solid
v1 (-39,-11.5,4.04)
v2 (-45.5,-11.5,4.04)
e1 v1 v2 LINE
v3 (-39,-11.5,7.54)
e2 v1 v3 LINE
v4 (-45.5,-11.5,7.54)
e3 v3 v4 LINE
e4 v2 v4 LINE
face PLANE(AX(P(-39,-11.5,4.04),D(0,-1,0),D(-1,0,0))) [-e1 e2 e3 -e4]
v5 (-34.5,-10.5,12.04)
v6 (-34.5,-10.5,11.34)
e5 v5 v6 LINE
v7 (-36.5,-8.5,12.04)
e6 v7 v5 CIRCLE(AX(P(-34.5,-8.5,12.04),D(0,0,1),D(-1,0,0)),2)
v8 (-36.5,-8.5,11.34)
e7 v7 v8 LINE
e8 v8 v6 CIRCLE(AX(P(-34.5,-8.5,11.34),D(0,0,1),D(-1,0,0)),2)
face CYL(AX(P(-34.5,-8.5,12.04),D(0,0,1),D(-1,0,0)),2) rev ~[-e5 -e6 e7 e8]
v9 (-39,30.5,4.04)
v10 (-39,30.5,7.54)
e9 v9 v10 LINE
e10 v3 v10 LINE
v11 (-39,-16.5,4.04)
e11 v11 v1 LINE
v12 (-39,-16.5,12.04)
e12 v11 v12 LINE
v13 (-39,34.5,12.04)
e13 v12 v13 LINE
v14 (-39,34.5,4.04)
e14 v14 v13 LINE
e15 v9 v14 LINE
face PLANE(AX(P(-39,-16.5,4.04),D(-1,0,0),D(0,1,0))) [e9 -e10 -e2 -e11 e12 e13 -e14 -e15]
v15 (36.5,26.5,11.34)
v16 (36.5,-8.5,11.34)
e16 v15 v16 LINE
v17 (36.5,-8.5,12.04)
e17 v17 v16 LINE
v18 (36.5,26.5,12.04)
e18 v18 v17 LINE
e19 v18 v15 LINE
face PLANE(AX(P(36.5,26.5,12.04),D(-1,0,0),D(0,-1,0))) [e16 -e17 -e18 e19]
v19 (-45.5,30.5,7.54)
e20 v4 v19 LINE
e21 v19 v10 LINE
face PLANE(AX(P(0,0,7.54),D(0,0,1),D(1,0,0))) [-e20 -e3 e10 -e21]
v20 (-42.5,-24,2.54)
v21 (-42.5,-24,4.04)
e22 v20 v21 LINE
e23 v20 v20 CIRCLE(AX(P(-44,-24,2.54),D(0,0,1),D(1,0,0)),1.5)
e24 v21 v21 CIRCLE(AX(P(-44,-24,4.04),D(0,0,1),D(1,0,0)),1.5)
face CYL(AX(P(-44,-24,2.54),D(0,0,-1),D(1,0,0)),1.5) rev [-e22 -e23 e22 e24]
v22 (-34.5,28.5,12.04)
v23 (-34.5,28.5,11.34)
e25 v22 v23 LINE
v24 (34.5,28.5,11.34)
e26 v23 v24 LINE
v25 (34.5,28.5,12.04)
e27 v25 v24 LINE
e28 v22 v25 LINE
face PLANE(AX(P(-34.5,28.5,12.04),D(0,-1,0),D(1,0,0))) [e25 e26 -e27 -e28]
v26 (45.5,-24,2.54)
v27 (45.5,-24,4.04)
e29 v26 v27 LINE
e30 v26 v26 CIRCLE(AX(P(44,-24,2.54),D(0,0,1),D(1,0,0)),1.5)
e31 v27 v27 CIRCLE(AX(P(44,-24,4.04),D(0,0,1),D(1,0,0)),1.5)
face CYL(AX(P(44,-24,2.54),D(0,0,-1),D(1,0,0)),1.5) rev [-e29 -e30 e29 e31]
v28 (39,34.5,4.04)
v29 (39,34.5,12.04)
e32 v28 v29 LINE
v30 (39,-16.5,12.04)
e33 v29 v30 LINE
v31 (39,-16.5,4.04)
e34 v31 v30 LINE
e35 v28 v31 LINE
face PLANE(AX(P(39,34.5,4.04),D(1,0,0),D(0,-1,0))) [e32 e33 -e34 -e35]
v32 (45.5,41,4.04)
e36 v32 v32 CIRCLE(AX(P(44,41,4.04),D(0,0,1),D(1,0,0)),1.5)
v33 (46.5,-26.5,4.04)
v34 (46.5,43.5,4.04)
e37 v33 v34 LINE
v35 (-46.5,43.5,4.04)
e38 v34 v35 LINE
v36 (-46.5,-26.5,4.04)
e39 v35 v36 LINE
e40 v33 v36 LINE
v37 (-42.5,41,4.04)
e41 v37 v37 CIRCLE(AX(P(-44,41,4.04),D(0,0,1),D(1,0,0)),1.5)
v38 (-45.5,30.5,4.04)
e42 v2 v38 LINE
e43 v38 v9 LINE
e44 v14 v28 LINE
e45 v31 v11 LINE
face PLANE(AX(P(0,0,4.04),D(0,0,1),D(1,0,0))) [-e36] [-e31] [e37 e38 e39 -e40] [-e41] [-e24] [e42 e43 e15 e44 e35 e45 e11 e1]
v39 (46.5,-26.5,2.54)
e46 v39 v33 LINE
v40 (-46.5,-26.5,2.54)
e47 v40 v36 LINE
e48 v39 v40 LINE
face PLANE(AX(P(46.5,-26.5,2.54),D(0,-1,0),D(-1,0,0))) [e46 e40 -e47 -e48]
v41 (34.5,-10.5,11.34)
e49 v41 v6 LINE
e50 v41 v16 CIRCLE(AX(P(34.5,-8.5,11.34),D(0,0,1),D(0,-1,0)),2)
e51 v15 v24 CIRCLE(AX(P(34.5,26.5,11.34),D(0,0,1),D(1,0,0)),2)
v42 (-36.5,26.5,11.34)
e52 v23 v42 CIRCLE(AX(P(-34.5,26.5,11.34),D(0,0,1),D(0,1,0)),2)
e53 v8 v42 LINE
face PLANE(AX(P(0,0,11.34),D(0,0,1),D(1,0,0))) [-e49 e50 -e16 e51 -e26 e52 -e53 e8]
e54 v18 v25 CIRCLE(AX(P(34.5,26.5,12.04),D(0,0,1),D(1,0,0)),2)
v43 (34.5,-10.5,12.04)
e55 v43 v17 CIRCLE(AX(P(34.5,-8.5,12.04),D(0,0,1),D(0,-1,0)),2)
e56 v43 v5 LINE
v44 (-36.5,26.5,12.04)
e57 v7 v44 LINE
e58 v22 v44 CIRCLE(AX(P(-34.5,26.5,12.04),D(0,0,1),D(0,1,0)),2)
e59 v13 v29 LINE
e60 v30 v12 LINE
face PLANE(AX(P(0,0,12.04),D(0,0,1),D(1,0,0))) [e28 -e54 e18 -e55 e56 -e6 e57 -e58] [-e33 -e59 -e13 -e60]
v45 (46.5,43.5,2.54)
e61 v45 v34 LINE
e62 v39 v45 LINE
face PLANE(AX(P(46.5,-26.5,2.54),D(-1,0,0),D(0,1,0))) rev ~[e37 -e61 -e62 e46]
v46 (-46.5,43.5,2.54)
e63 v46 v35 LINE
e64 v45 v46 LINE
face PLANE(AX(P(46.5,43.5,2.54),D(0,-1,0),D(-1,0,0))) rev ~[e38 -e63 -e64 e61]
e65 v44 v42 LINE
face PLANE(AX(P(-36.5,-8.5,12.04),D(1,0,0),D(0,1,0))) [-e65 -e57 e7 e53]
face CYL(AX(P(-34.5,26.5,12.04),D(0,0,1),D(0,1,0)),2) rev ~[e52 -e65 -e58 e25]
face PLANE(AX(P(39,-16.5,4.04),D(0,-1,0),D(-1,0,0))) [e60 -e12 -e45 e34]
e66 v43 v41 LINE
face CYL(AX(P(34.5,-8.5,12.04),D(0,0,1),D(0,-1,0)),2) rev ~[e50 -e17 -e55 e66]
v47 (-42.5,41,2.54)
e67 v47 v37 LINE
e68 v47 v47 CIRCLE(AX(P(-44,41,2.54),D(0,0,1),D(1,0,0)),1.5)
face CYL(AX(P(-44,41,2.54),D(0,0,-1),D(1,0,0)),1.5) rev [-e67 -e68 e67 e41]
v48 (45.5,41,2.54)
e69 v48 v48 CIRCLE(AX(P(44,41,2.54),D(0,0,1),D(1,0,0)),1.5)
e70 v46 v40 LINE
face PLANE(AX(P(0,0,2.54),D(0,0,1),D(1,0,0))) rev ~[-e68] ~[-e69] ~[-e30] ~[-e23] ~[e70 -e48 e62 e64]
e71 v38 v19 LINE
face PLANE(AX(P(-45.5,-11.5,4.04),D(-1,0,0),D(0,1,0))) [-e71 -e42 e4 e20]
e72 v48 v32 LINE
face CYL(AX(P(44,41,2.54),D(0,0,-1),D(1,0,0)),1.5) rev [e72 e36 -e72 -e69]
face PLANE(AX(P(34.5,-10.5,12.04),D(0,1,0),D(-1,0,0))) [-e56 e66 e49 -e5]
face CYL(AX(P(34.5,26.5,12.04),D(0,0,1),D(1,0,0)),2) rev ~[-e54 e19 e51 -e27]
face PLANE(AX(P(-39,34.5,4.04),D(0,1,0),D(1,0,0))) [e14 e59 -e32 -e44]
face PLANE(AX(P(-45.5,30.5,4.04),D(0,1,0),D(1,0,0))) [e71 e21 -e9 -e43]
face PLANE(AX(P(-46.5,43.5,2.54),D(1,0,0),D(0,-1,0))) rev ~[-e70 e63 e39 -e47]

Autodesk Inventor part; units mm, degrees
ref_plane "YZ Plane" through (0, 0, 0) normal (1, 0, 0) x (0, 1, 0)
ref_plane "XZ Plane" through (0, 0, 0) normal (0, 1, 0) x (-1, 0, 0)
ref_plane "Work Plane1" through (0, 0, 2.54) normal (0, 0, 1) x (1, 0, 0)
sketch "Sketch2" plane through (0, 0, 2.54) normal (0, 0, 1) x (1, 0, 0)
  line L0 (6.5, -32.5) -> (6.5, -38.5) projected
  line L1 (6.5, -38.5) -> (0.5, -38.5) projected
  line L2 (0.5, -38.5) -> (0.5, -32.5) projected
  line L3 (0.5, -32.5) -> (6.5, -32.5) projected
  circle A0 centre (19.75, -34.75) radius 5.75 projected
  line L4 (43.5, -29) -> (43.5, -41.5) projected
  line L5 (43.5, -41.5) -> (30, -41.5) projected
  line L6 (30, -41.5) -> (30, -29) projected
  line L7 (30, -29) -> (43.5, -29) projected
  circle A1 centre (44, 41) radius 1.5 projected
  circle A2 centre (-44, 41) radius 1.5 projected
  line L8 (46.5, 43.5) -> (-46.5, 43.5) projected
  line L9 (-46.5, 43.5) -> (-46.5, -43.5) projected
  line L10 (-46.5, -43.5) -> (46.5, -43.5) projected
  line L11 (46.5, -43.5) -> (46.5, 43.5) projected
  line L12 (-46.5, 43.5) -> (46.5, 43.5)
  line L13 (46.5, 43.5) -> (46.5, -26.5)
  line L14 (46.5, -26.5) -> (-46.5, -26.5)
  line L15 (-46.5, -26.5) -> (-46.5, 43.5)
  circle A3 centre (-44, 41) radius 1.5
  circle A4 centre (44, 41) radius 1.5
  circle A5 centre (44, -24) radius 1.5
  circle A6 centre (-44, -24) radius 1.5
  line L16 (-45.5, -20.479) -> (-45.5, -25.5) construction
  line L17 (-45.5, -25.5) -> (-36.292, -25.5) construction
  line L18 (45.5, -16.7483) -> (45.5, -25.5) construction
  line L19 (45.5, -25.5) -> (38.0013, -25.5) construction
  circle A7 centre (-44, -24) radius 1.5 projected
  circle A8 centre (44, -24) radius 1.5 projected
  point P0 (0, 0)
  dimension "d0" = 70
  dimension "d1" = 3
  dimension "d2" = 3
  dimension "d3" = 1
  dimension "d4" = 1
  dimension "d5" = 1
  dimension "d6" = 1
  dimension "d21" = 65
  dimension "d22" = 65
extrude "Tykkelsen Grøn PCB" add sketch "Sketch2" along normal blind 1.5 contours L11 L14 L9 L8
sketch "Sketch3" plane through (0, 0, 4.04) normal (0, 0, 1) x (1, 0, 0)
  line L0 (-46.5, 43.5) -> (-46.5, -26.5) projected
  line L1 (46.5, -26.5) -> (46.5, 43.5) projected
  line L2 (46.5, 43.5) -> (-46.5, 43.5) projected
  line L3 (-39, 34.5) -> (39, 34.5)
  line L4 (39, 34.5) -> (39, -16.5)
  line L5 (39, -16.5) -> (-39, -16.5)
  line L6 (-39, -16.5) -> (-39, 34.5)
  point P0 (0, 0)
  dimension "d9" = 51
  dimension "d10" = 78
  dimension "d11" = 7.5
  dimension "d12" = 7.5
  dimension "d13" = 9
extrude "Skærm" add sketch "Sketch3" along normal blind 8
sketch "Sketch5" plane through (0, 0, 12.04) normal (0, 0, 1) x (1, 0, 0)
  line L0 (39, 34.5) -> (-39, 34.5) projected
  line L1 (-39, 34.5) -> (-39, -16.5) projected
  line L2 (-39, -16.5) -> (39, -16.5) projected
  line L3 (39, -16.5) -> (39, 34.5) projected
  line L4 (-34.5, 28.5) -> (34.5, 28.5)
  line L5 (36.5, 26.5) -> (36.5, -8.5)
  line L6 (34.5, -10.5) -> (-34.5, -10.5)
  line L7 (-36.5, -8.5) -> (-36.5, 26.5)
  arc A0 (-34.5, 28.5) -> (-36.5, 26.5) centre (-34.5, 26.5) ccw
  arc A1 (36.5, 26.5) -> (34.5, 28.5) centre (34.5, 26.5) ccw
  arc A2 (34.5, -10.5) -> (36.5, -8.5) centre (34.5, -8.5) ccw
  arc A3 (-36.5, -8.5) -> (-34.5, -10.5) centre (-34.5, -8.5) ccw
  point P0 (0, 0)
  dimension "d23" = 2.5
  dimension "d24" = 6
  dimension "d25" = 2.5
  dimension "d26" = 6
  dimension "d27" = 2
extrude "Hul ned i skærm" cut sketch "Sketch5" against normal blind 0.7 contours L4 A1 L5 A2 L6 A3 L7 A0
sketch "Sketch4" plane through (0, 0, 4.04) normal (0, 0, 1) x (1, 0, 0)
  line L0 (-39, -16.5) -> (-39, 34.5) projected
  line L1 (-39, 34.5) -> (39, 34.5) projected
  line L2 (-45.5, 30.5) -> (-39, 30.5)
  line L3 (-39, 30.5) -> (-39, -11.5)
  line L4 (-39, -11.5) -> (-45.5, -11.5)
  line L5 (-45.5, -11.5) -> (-45.5, 30.5)
  point P0 (0, 0)
  dimension "d16" = 42
  dimension "d17" = 6.5
  dimension "d18" = 4
extrude "Hvid ting" add sketch "Sketch4" along normal blind 3.5
equation "\"d11\" = d12"
properties part number "Grøn PCB"
